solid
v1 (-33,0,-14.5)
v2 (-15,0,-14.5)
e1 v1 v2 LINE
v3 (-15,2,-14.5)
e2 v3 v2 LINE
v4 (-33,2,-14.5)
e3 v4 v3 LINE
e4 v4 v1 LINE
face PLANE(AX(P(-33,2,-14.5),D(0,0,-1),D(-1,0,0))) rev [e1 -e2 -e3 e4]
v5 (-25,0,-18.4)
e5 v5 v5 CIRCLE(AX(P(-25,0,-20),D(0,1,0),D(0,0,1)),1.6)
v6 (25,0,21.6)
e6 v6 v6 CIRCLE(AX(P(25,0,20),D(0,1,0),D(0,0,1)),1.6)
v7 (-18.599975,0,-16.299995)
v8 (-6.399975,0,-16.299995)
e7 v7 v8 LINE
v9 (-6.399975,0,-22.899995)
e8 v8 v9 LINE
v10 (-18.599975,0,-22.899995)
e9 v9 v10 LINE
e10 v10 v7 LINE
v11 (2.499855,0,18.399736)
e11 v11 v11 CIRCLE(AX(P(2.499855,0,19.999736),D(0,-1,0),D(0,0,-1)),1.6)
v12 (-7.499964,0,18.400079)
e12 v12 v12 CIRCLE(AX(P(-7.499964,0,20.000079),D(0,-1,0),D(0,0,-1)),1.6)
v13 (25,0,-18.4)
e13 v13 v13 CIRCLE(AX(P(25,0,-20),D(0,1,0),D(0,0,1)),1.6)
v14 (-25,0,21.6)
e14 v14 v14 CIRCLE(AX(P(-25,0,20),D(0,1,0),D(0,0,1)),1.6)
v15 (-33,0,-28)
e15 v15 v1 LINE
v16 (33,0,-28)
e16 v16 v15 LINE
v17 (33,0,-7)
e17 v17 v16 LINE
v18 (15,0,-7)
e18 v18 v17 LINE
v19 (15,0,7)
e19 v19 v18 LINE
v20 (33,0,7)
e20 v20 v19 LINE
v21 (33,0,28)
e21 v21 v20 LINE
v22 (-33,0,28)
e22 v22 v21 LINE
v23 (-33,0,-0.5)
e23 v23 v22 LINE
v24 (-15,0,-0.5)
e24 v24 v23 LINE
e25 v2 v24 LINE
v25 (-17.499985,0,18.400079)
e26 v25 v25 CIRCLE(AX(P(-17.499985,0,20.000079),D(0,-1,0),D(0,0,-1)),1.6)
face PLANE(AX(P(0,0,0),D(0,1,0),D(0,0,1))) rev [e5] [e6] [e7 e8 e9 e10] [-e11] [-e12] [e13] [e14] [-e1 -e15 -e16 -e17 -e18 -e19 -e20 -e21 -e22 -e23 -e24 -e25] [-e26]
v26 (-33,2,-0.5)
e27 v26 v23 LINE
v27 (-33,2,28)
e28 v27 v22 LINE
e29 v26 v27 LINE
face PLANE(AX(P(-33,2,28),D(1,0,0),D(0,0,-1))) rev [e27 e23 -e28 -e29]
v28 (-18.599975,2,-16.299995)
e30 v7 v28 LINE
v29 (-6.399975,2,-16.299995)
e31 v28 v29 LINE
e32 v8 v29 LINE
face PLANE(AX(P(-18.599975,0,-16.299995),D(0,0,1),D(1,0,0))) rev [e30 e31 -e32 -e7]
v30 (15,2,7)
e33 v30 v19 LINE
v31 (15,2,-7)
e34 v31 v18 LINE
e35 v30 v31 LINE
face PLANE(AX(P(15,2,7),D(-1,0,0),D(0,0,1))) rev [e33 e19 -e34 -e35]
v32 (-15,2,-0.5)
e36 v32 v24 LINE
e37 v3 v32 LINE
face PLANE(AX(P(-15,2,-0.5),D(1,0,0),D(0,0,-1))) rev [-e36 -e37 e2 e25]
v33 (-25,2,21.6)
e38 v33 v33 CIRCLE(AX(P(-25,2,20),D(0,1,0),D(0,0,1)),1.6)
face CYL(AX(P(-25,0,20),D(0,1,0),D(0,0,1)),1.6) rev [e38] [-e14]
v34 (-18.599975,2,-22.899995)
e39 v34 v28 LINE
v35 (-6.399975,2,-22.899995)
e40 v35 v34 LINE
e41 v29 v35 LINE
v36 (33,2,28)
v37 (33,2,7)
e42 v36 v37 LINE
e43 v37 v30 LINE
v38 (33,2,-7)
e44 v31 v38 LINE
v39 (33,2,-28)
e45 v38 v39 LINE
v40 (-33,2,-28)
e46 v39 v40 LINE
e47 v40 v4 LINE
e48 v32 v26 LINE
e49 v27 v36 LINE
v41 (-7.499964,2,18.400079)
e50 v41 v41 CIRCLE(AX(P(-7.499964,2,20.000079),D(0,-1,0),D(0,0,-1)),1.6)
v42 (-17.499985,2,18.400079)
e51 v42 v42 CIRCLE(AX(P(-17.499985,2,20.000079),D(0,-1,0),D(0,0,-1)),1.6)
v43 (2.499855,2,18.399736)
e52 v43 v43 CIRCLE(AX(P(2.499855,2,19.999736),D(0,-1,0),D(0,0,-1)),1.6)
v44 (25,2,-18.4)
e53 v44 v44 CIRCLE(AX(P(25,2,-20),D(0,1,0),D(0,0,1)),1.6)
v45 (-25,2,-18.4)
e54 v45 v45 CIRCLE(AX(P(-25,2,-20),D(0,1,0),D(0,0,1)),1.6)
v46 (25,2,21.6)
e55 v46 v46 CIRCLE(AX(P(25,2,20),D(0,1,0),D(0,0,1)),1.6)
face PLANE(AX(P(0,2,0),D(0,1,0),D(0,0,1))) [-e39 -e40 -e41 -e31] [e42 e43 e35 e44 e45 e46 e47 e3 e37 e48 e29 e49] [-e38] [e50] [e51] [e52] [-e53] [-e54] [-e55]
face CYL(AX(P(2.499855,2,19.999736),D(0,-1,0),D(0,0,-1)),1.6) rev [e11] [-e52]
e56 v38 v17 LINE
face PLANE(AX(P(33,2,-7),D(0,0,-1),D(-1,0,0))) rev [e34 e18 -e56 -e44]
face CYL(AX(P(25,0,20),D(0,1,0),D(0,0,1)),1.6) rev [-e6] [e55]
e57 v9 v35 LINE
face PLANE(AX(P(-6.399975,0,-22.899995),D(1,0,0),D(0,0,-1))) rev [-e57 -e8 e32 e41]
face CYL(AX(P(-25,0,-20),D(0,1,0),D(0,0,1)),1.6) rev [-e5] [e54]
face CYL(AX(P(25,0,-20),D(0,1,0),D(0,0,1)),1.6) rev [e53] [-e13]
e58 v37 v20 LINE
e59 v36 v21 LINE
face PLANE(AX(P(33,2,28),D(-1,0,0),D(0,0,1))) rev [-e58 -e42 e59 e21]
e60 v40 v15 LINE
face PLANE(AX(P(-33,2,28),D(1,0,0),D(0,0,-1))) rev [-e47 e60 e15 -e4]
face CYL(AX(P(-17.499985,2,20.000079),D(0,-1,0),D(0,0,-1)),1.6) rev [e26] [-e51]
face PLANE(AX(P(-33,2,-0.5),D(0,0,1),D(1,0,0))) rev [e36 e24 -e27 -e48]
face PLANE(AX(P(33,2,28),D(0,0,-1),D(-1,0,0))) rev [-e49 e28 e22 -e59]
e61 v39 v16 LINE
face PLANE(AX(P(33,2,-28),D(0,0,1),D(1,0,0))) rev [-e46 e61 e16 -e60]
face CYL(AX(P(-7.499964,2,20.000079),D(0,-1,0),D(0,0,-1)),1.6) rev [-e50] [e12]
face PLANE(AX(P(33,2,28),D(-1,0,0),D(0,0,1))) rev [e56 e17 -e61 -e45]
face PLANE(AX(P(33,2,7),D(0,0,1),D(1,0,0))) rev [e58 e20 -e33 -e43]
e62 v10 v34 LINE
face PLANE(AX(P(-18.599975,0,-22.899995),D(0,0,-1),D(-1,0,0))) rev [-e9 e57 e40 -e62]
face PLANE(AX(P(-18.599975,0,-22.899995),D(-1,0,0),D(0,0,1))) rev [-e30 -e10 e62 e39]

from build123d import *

# Parameters (mm, degrees)
SKETCH_1_W                  = 66
SKETCH_1_H                  = 56
EXTRUDE_1_DEPTH             = 2
SKETCH_2_R                  = 1.6
CUT_EXTRUDE_1_DEPTH         = 2
PATTERN_LINEAR_1_COUNT      = 2
PATTERN_LINEAR_1_PITCH      = 50
PATTERN_LINEAR_1_COUNT_DIR2 = 2
PATTERN_LINEAR_1_PITCH_DIR2 = 40
SKETCH_4_R                  = 1.6
CUT_EXTRUDE_2_DEPTH         = 2
SKETCH_5_W                  = 18
SKETCH_5_H                  = 14
CUT_EXTRUDE_3_DEPTH         = 2
SKETCH_7_W                  = 18
SKETCH_7_H                  = 14
CUT_EXTRUDE_4_DEPTH         = 2
SKETCH_8_W                  = 12.2
SKETCH_8_H                  = 6.6
CUT_EXTRUDE_5_DEPTH         = 2


with BuildPart() as part:
    # 草图1 → 凸台-拉伸1 (new body)
    with BuildSketch(Plane(origin=(0, 0, 0), x_dir=(1, 0, 0), z_dir=(0, 1, 0))):
        Rectangle(SKETCH_1_W, SKETCH_1_H)
    extrude(amount=EXTRUDE_1_DEPTH)

    # 草图2 → 切除-拉伸1 (cut)
    with BuildSketch(Plane(origin=(0, 2, 0), x_dir=(1, 0, 0), z_dir=(0, 1, 0))):
        with Locations(Location((-25, 20, 0), (0, 0, 270))):
            Circle(SKETCH_2_R)
    cut_extrude_1 = extrude(amount=-CUT_EXTRUDE_1_DEPTH, mode=Mode.SUBTRACT)

    # 阵列(线性)1: Cut-Extrude 1 2 × 2
    with Locations(*[(i * PATTERN_LINEAR_1_PITCH, 0, j * PATTERN_LINEAR_1_PITCH_DIR2) for i in range(PATTERN_LINEAR_1_COUNT) for j in range(PATTERN_LINEAR_1_COUNT_DIR2) if (i, j) != (0, 0)]):
        add(cut_extrude_1, mode=Mode.SUBTRACT)

    # 草图4 → 切除-拉伸2 (cut)
    with BuildSketch(Plane.XZ):
        with Locations(Location((-17.49998476, 20.00007874, 0), (0, 0, 270))):
            Circle(SKETCH_4_R)
        with Locations(Location((-7.49996444, 20.00007874, 0), (0, 0, 270))):
            Circle(SKETCH_4_R)
        with Locations(Location((2.49985522, 19.999735839, 0), (0, 0, 270))):
            Circle(SKETCH_4_R)
    extrude(amount=-CUT_EXTRUDE_2_DEPTH, mode=Mode.SUBTRACT)

    # 草图5 → 切除-拉伸3 (cut)
    with BuildSketch(Plane.XZ):
        with Locations((24, 0)):
            Rectangle(SKETCH_5_W, SKETCH_5_H)
    extrude(amount=-CUT_EXTRUDE_3_DEPTH, mode=Mode.SUBTRACT)

    # 草图7 → 切除-拉伸4 (cut)
    with BuildSketch(Plane.XZ):
        with Locations((-24, -7.5)):
            Rectangle(SKETCH_7_W, SKETCH_7_H)
    extrude(amount=-CUT_EXTRUDE_4_DEPTH, mode=Mode.SUBTRACT)

    # 草图8 → 切除-拉伸5 (cut)
    with BuildSketch(Plane(origin=(0, 2, 0), x_dir=(1, 0, 0), z_dir=(0, 1, 0))):
        with Locations((-12.4999746, 19.599995025)):
            Rectangle(SKETCH_8_W, SKETCH_8_H)
    extrude(amount=-CUT_EXTRUDE_5_DEPTH, mode=Mode.SUBTRACT)


solid = part.part
